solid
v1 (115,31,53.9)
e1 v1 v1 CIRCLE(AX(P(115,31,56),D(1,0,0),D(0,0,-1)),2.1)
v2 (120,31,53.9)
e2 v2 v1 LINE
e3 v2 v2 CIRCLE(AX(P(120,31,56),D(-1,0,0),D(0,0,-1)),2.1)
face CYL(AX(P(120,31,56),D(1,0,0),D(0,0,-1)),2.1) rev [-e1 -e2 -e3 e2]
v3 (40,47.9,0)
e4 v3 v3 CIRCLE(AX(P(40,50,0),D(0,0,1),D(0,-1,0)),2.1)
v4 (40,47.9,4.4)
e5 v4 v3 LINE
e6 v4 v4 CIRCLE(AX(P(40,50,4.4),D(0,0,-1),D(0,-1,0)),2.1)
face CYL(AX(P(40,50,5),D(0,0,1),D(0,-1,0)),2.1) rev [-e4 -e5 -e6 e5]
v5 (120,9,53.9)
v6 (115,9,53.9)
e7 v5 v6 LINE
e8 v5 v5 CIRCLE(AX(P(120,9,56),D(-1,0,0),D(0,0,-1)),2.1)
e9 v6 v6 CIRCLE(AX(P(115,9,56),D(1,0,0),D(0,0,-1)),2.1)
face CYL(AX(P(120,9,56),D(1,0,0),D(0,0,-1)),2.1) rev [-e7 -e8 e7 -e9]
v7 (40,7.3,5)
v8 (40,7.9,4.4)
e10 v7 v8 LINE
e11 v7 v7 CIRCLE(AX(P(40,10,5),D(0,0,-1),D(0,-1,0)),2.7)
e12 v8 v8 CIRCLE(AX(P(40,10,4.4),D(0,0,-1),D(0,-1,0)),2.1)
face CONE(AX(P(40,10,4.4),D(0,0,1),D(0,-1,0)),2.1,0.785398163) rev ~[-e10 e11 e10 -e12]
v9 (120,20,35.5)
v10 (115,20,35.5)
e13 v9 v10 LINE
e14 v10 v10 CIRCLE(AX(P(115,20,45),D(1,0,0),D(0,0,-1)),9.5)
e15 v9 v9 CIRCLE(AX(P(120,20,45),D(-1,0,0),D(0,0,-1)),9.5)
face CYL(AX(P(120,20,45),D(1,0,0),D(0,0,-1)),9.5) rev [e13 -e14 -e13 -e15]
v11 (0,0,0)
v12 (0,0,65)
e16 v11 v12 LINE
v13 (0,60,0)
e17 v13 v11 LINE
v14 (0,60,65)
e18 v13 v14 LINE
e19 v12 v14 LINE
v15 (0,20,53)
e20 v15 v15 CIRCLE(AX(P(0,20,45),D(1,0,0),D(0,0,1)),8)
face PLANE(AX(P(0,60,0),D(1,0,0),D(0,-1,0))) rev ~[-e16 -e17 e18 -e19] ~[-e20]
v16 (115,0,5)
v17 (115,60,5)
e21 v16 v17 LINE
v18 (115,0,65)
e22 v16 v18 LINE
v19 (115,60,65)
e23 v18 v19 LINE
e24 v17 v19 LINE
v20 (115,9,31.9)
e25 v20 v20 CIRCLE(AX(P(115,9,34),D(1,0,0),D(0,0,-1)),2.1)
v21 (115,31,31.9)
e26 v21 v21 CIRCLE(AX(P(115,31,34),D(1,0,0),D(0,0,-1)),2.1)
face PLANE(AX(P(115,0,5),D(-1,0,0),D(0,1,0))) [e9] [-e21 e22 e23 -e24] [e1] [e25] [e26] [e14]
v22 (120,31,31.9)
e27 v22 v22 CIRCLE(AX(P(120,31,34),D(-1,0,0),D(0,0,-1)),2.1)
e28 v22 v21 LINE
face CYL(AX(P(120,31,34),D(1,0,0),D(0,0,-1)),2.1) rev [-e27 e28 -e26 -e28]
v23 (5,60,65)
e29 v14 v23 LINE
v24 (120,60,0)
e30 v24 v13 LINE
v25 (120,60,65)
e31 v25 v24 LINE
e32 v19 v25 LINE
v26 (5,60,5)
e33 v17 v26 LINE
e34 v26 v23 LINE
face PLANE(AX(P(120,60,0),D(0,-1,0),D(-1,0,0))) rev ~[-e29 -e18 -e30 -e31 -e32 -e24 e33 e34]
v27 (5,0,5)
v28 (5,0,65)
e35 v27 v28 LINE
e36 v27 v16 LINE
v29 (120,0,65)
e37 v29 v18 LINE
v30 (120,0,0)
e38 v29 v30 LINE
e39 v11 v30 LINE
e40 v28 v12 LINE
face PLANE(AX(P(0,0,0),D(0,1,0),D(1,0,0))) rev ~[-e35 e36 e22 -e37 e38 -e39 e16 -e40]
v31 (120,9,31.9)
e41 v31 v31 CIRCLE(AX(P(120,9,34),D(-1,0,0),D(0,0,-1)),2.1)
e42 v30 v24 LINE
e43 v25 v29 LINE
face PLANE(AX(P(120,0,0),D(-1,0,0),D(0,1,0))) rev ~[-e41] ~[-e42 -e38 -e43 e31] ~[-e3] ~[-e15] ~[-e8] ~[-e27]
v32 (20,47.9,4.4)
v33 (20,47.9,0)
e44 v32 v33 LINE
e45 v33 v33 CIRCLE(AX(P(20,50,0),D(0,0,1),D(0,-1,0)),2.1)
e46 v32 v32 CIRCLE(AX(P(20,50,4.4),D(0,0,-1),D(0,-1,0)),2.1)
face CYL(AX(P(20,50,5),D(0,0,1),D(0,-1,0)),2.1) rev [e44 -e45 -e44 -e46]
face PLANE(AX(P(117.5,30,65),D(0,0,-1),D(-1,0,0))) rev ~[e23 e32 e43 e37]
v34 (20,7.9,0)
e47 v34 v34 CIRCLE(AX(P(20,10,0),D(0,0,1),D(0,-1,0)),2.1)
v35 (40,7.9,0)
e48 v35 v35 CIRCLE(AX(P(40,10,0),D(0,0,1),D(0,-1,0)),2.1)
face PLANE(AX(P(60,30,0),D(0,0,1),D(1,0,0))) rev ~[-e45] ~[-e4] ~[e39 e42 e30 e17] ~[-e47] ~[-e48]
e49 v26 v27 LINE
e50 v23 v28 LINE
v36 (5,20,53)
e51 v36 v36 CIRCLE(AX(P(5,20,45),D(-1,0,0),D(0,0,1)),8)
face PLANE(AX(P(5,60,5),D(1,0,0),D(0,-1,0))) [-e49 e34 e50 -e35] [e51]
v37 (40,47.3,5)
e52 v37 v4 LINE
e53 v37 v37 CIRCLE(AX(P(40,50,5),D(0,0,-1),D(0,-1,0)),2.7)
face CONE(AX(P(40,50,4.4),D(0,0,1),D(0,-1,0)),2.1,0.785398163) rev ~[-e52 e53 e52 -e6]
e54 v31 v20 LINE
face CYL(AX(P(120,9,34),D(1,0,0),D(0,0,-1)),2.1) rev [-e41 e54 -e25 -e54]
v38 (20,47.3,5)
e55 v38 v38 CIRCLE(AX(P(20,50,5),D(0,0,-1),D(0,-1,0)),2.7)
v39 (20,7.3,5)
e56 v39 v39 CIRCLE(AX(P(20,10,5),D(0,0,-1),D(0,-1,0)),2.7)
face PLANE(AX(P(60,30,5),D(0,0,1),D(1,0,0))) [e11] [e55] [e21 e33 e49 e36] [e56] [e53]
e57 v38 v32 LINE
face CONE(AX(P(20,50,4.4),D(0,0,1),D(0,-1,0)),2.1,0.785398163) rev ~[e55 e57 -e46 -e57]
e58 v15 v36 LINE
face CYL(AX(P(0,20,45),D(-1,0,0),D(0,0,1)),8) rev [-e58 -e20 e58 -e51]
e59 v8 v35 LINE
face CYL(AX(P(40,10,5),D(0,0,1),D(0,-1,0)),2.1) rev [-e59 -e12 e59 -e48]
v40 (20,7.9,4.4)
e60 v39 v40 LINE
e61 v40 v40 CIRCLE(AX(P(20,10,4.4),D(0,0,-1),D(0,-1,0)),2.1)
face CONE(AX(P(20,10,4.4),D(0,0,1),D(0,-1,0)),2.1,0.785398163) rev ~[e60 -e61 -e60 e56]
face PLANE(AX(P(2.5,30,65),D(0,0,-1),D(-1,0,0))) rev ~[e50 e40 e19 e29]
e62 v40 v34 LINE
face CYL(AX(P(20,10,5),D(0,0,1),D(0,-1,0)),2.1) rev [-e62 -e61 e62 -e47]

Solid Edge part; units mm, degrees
sketch "Sketch1" plane through (0, 0, 0) normal (0, 0, 1) x (1, 0, 0)
  line L0 (120, 60) -> (0, 60)
  line L1 (0, 60) -> (0, 0)
  line L2 (0, 0) -> (120, 0)
  line L3 (120, 0) -> (120, 60)
extrude "Protrusion1" add sketch "Sketch1" along normal blind 5
sketch "Sketch2" plane through (60, 20, 5) normal (0, 0, 1) x (1, 0, 0)
  line L0 (55, -20) -> (55, 40)
  line L1 (55, 40) -> (60, 40)
  line L2 (60, 40) -> (60, -20)
  line L3 (60, -20) -> (55, -20)
  line L4 (-55, 40) -> (-55, -20)
  line L5 (-55, -20) -> (-60, -20)
  line L6 (-60, -20) -> (-60, 40)
  line L7 (-60, 40) -> (-55, 40)
  dimension "D1" = 5
extrude "Extrusionsausprägung_2" add sketch "Sketch2" along normal blind 60
hole "Bohrung_1" at (120, 20, 45) direction (-1, 0, 0) diameter 19 end up to next
hole "Hole_2" at (20, 10, 5) direction (0, 0, -1) diameter 4.2 end up to next start chamfer 0.6 start chamfer angle 45
hole "Hole1" at (20, 50, 5) direction (0, 0, -1) diameter 4.2 end up to next start chamfer 0.6 start chamfer angle 45
hole "Hole2" at (40, 50, 5) direction (0, 0, -1) diameter 4.2 end up to next start chamfer 0.6 start chamfer angle 45
hole "Hole3" at (40, 10, 5) direction (0, 0, -1) diameter 4.2 end up to next start chamfer 0.6 start chamfer angle 45
hole "Hole4" at (120, 9, 56) direction (-1, 0, 0) diameter 4.2 end up to next
hole "Hole5" at (120, 9, 34) direction (-1, 0, 0) diameter 4.2 end up to next
hole "Hole6" at (120, 31, 34) direction (-1, 0, 0) diameter 4.2 end up to next
hole "Hole7" at (120, 31, 56) direction (-1, 0, 0) diameter 4.2 end up to next
hole "Hole_10" at (0, 20, 45) direction (1, 0, 0) diameter 16 end up to next
